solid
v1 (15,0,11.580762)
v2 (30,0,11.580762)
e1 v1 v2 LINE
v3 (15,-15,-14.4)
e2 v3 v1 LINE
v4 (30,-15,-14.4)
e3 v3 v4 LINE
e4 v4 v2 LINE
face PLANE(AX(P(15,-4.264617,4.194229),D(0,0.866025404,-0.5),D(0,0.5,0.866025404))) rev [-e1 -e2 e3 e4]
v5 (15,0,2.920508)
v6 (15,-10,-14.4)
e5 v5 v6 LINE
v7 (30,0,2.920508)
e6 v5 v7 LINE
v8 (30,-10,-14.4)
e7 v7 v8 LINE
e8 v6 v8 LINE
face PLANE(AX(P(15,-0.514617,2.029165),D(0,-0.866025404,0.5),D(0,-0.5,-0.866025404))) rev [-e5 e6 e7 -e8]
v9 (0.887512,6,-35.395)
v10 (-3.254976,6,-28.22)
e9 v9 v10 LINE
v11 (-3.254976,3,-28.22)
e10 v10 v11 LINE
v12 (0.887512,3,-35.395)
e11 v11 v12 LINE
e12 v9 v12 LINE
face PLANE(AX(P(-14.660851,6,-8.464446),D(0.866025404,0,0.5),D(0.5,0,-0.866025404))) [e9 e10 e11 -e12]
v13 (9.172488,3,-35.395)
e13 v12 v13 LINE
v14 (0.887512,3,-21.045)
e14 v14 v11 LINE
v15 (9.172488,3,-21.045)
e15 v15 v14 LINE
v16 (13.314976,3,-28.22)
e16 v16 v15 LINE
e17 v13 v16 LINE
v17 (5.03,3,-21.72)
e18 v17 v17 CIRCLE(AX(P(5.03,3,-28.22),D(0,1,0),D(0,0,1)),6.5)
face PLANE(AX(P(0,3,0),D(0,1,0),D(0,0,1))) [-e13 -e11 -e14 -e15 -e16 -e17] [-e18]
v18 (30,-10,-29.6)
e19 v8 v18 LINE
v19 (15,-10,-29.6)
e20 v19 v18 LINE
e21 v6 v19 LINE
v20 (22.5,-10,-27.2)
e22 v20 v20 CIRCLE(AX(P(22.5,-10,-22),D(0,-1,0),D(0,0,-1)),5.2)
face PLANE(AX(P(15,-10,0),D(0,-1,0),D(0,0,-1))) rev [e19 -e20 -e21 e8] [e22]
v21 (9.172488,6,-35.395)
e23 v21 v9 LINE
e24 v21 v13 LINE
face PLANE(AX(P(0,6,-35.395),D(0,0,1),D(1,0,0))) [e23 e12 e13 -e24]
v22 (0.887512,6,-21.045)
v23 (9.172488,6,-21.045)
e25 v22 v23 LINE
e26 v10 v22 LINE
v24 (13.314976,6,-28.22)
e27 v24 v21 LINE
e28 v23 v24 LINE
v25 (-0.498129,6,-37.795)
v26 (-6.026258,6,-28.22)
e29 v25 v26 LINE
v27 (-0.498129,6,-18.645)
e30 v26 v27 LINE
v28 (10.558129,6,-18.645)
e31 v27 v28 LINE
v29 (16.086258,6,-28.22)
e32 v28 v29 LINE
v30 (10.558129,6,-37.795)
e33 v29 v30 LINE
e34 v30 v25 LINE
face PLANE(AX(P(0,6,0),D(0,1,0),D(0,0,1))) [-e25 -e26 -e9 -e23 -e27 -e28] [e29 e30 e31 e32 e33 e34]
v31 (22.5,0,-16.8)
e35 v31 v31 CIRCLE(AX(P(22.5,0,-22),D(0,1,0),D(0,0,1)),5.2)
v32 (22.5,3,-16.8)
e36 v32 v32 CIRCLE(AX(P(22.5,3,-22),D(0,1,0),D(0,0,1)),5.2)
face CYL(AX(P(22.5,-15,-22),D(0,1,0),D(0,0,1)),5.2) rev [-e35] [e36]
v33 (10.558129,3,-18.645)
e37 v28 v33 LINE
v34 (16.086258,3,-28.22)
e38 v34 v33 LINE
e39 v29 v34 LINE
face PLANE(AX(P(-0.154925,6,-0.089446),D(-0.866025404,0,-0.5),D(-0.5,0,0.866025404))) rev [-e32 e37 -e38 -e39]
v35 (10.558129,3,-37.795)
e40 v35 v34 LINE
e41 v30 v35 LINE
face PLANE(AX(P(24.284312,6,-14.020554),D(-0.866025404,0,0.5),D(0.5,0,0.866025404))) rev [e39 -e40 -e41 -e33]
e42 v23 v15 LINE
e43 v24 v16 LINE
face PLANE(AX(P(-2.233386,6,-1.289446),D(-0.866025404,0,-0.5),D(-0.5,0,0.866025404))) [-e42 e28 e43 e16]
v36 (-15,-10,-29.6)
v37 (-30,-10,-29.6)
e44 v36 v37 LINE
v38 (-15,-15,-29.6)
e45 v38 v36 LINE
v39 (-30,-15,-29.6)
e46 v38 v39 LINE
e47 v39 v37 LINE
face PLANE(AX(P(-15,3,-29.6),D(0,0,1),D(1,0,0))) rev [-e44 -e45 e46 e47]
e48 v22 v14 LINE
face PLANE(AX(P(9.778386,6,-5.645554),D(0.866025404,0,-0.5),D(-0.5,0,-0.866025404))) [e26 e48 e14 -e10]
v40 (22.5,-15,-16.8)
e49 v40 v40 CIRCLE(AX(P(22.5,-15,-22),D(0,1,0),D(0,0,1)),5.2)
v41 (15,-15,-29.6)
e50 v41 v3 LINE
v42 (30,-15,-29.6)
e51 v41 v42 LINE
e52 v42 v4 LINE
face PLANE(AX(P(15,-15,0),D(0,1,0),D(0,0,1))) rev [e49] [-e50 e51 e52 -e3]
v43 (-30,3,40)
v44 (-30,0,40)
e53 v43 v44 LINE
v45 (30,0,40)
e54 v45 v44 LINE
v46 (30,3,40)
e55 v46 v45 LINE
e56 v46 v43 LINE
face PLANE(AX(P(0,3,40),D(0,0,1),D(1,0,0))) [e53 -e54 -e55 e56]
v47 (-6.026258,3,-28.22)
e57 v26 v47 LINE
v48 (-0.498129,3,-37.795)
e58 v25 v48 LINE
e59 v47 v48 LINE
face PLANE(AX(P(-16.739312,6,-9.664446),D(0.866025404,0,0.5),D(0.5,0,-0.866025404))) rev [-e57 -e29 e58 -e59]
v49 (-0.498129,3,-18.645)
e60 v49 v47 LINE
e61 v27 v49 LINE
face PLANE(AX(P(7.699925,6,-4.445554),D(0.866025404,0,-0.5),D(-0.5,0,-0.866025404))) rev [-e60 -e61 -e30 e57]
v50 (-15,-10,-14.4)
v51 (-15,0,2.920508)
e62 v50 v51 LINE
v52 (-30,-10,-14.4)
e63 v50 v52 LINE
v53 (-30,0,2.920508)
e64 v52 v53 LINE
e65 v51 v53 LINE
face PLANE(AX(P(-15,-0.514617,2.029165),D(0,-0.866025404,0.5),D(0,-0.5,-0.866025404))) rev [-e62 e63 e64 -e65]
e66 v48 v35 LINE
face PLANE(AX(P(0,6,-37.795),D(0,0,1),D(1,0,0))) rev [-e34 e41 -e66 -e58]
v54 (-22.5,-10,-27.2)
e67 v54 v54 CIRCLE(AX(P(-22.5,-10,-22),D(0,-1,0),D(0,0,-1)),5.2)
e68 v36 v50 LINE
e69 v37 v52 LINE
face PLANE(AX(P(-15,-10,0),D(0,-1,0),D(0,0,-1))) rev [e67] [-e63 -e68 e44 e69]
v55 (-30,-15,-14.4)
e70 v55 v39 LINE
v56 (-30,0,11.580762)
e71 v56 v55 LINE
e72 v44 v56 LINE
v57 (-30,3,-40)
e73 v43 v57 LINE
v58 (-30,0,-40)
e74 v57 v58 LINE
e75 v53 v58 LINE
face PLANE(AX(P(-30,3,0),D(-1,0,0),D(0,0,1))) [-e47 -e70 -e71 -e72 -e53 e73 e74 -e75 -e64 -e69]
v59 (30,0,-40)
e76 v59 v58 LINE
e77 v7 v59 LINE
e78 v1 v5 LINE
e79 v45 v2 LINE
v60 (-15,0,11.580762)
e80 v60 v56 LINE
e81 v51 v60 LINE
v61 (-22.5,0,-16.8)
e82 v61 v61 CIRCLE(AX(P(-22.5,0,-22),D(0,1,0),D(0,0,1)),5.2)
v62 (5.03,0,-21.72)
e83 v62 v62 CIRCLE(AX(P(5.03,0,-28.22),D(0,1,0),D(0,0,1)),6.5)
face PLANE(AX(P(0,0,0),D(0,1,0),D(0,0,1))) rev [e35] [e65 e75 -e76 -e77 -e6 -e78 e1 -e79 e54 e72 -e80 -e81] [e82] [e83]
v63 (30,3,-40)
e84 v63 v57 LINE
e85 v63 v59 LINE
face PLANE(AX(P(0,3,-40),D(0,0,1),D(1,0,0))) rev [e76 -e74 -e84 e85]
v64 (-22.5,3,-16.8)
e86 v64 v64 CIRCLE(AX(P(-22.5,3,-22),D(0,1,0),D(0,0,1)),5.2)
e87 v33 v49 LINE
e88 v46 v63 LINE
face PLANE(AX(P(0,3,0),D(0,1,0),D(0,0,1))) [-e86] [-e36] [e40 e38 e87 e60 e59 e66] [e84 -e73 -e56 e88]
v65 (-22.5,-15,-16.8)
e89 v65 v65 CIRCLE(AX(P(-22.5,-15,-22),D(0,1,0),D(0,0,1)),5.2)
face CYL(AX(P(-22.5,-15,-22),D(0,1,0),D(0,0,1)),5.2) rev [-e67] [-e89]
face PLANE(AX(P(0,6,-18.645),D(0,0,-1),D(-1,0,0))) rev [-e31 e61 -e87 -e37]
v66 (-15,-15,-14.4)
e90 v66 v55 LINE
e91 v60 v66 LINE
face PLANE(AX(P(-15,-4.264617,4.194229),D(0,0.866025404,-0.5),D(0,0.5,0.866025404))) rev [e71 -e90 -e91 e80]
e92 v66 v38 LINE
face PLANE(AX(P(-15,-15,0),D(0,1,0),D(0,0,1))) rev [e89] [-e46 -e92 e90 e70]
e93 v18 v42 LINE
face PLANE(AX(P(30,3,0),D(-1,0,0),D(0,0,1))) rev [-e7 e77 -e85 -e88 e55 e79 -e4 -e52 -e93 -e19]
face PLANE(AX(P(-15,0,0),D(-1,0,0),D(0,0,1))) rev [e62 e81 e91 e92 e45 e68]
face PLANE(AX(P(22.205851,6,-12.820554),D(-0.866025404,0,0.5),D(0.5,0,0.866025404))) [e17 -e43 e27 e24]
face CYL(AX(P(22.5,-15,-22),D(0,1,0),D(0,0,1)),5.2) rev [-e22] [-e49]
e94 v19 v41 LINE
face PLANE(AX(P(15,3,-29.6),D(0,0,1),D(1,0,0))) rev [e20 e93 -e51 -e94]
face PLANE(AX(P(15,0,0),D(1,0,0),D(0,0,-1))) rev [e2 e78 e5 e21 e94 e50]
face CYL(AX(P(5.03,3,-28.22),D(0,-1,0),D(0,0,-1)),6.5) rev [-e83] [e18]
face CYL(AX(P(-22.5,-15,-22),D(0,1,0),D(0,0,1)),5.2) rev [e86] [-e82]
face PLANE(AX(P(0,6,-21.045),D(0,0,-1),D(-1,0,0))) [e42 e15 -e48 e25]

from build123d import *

# Parameters (mm, degrees)
SKETCH1_W               = 60
SKETCH1_H               = 80
SKETCH1_R               = 6.5
BOSS_EXTRUDE4_DEPTH     = 3
BOSS_EXTRUDE5_START     = 30
BOSS_EXTRUDE5_DEPTH     = 15
BOSS_EXTRUDE6_START     = -30
BOSS_EXTRUDE6_DEPTH     = 15
BOSS_EXTRUDE7_DEPTH     = 6
SKETCH1_7_R             = 5.2
CUT_EXTRUDE1_DEPTH      = 7
CUT_EXTRUDE1_DEPTH_BACK = 16


with BuildPart() as part:
    # Sketch1 → Boss-Extrude4 (new body)
    with BuildSketch(Plane(origin=(0, 0, 0), x_dir=(1, 0, 0), z_dir=(0, 1, 0))):
        Rectangle(SKETCH1_W, SKETCH1_H)
        with Locations((5.03, 28.22)):
            Circle(SKETCH1_R, mode=Mode.SUBTRACT)
    extrude(amount=BOSS_EXTRUDE4_DEPTH)

    # Sketch2 → Boss-Extrude5 (add)
    with BuildSketch(Plane(origin=(0, 0, 0), x_dir=(0, 0, -1), z_dir=(1, 0, 0)).offset(BOSS_EXTRUDE5_START)):
        Polygon((-2.920508076, 0), (-11.580762114, 0), (14.4, -15), (29.6, -15), (29.6, -10), (14.4, -10), align=None)
    extrude(amount=-BOSS_EXTRUDE5_DEPTH)

    # Sketch2<3> → Boss-Extrude6 (add)
    with BuildSketch(Plane(origin=(0, 0, 0), x_dir=(0, 0, -1), z_dir=(1, 0, 0)).offset(BOSS_EXTRUDE6_START)):
        Polygon((-2.920508076, 0), (-11.580762114, 0), (14.4, -15), (29.6, -15), (29.6, -10), (14.4, -10), align=None)
    extrude(amount=BOSS_EXTRUDE6_DEPTH)

    # Sketch1<6> → Boss-Extrude7 (add)
    with BuildSketch(Plane(origin=(0, 0, 0), x_dir=(1, 0, 0), z_dir=(0, 1, 0))):
        Polygon((-6.026257655, 28.22), (-0.498128827, 18.645), (10.558128827, 18.645), (16.086257655, 28.22), (10.558128827, 37.795), (-0.498128827, 37.795), align=None)
        Polygon((9.172488181, 35.395), (0.887511819, 35.395), (-3.254976363, 28.22), (0.887511819, 21.045), (9.172488181, 21.045), (13.314976363, 28.22), align=None, mode=Mode.SUBTRACT)
    extrude(amount=BOSS_EXTRUDE7_DEPTH)

    # Sketch1<7> → Cut-Extrude1 (cut, two sides)
    with BuildSketch(Plane(origin=(0, 0, 0), x_dir=(1, 0, 0), z_dir=(0, 1, 0))) as cut_extrude1_sk:
        with Locations((-22.5, 22)):
            Circle(SKETCH1_7_R)
        with Locations((22.5, 22)):
            Circle(SKETCH1_7_R)
    extrude(amount=CUT_EXTRUDE1_DEPTH, mode=Mode.SUBTRACT)
    extrude(cut_extrude1_sk.sketch, amount=-CUT_EXTRUDE1_DEPTH_BACK, mode=Mode.SUBTRACT)


solid = part.part
